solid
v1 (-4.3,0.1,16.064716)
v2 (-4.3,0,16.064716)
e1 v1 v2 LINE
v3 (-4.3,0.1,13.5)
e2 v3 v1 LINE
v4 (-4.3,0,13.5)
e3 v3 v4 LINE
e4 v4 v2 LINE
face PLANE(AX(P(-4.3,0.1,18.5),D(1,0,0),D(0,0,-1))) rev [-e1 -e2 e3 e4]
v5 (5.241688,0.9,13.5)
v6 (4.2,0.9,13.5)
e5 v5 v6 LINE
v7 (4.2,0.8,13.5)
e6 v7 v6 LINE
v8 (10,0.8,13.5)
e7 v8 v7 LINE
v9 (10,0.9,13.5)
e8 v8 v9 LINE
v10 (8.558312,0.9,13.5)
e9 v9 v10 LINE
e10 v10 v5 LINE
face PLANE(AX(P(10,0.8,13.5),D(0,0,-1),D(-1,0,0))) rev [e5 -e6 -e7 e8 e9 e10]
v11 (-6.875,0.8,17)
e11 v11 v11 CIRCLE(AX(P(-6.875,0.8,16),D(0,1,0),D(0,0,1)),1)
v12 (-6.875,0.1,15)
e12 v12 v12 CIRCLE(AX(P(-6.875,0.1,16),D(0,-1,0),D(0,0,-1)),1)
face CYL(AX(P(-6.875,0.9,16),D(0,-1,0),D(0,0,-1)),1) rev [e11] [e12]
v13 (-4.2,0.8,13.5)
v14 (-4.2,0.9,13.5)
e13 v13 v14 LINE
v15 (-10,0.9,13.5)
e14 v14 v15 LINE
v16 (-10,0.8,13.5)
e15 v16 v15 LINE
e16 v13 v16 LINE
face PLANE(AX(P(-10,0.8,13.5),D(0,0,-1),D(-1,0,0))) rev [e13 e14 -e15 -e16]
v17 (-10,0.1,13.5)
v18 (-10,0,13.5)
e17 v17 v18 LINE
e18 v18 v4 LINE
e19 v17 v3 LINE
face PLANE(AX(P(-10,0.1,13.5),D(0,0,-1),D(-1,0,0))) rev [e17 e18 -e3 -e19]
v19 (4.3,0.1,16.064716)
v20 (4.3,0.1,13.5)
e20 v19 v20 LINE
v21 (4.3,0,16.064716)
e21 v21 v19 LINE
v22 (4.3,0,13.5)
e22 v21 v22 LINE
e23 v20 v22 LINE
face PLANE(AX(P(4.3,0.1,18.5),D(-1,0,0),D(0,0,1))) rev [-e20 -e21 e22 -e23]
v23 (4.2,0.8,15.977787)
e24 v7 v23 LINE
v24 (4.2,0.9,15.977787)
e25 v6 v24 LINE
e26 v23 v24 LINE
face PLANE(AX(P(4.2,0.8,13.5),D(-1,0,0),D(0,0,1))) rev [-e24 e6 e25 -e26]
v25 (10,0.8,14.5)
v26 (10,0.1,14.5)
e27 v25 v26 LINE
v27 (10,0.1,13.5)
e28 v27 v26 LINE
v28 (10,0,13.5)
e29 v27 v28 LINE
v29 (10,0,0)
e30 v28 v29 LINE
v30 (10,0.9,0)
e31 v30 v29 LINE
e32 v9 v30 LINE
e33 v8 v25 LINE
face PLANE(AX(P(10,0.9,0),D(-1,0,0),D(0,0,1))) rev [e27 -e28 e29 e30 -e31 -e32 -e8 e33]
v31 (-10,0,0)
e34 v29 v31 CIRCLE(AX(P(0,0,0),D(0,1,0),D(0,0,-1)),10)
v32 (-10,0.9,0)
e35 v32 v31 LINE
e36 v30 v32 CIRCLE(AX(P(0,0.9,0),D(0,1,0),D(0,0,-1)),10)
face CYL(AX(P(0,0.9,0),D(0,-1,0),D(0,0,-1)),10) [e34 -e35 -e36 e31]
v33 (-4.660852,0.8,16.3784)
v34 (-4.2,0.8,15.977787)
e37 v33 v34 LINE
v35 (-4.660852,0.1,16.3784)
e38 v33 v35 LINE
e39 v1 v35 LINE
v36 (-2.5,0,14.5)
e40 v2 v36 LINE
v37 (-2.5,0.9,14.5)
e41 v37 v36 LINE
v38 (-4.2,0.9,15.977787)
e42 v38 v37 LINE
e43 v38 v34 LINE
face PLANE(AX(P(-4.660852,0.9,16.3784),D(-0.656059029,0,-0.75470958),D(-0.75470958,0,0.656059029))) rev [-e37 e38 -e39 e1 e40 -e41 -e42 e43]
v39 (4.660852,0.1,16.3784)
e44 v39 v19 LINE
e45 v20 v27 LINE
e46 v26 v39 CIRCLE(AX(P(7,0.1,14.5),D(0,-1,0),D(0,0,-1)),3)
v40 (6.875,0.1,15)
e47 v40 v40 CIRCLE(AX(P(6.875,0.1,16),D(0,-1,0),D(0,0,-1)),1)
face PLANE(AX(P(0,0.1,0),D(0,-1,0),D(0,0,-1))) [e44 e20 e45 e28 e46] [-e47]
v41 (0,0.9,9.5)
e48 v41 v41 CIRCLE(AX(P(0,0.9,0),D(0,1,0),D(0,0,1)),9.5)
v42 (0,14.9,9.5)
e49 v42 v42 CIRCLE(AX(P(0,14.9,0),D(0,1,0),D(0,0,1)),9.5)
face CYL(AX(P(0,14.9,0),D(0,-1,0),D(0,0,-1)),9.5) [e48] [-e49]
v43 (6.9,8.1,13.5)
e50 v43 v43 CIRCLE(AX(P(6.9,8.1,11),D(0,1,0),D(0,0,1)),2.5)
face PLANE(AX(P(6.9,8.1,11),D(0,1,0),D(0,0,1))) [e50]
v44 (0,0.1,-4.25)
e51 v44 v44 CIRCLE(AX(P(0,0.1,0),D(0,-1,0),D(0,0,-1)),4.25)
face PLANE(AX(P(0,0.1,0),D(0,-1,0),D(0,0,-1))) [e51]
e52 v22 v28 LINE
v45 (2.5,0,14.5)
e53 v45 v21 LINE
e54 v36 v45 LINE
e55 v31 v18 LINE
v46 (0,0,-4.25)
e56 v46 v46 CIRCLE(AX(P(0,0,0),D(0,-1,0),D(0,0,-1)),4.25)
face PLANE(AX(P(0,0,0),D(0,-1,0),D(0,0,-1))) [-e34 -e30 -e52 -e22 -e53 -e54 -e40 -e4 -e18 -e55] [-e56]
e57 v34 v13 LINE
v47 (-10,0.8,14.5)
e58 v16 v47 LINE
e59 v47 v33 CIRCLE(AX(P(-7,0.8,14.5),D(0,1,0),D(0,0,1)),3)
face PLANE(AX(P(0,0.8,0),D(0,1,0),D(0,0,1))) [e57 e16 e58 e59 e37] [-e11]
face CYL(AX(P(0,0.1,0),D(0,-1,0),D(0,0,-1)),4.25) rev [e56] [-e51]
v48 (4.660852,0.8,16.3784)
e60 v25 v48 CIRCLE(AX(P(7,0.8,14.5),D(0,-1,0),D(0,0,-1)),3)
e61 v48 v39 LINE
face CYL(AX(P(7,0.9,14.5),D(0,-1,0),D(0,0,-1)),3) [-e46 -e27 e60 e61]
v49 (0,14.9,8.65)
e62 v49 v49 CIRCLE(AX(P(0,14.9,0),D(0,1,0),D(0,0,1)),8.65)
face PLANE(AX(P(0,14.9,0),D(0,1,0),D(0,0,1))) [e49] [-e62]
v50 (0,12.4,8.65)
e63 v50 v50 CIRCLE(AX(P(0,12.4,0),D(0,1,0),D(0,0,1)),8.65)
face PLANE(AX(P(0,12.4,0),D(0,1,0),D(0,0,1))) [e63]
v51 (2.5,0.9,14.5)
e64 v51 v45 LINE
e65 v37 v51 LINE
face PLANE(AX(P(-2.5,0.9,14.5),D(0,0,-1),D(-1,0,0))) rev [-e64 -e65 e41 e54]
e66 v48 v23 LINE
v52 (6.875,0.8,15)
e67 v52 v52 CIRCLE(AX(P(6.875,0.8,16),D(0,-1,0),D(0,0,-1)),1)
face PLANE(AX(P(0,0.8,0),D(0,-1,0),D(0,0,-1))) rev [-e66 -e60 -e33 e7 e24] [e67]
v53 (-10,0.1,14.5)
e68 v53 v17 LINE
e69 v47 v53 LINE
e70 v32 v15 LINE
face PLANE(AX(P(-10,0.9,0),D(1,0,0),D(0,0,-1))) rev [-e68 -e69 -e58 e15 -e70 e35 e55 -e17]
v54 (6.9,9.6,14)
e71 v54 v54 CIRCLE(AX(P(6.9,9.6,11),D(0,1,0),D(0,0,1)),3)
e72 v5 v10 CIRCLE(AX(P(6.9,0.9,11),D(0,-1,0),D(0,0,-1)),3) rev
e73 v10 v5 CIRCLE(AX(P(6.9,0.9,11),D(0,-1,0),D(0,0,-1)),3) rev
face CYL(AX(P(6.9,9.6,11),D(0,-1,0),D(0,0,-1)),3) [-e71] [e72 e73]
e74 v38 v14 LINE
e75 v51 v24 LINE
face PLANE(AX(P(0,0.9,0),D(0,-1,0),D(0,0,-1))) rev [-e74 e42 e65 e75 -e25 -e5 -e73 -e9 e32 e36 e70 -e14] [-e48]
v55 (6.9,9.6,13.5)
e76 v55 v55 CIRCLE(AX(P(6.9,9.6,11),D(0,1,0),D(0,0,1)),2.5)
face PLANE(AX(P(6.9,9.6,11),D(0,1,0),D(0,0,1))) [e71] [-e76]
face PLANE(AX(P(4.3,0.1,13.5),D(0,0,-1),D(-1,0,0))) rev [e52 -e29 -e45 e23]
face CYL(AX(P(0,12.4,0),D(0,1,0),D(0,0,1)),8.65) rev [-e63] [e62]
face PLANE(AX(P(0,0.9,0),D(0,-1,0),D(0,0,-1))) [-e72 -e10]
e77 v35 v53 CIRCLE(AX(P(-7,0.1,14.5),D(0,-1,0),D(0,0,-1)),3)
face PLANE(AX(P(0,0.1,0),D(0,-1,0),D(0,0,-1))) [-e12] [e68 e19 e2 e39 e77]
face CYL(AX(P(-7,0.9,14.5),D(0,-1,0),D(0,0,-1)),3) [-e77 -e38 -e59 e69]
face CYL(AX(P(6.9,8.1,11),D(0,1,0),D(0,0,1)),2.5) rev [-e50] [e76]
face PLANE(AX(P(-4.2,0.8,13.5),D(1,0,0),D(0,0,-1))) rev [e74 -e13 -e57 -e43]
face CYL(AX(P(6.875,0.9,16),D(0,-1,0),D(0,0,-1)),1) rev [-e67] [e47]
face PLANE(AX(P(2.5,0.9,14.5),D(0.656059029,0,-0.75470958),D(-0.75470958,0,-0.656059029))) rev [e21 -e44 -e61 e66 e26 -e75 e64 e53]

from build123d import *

# Parameters (mm, degrees)
ESQUISSE1_R             = 1
BOSS_EXTRU_1_DEPTH      = 0.9
ESQUISSE2_R             = 9.5
BOSS_EXTRU_2_DEPTH      = 14
ESQUISSE3_R             = 8.65
ENL_V_MAT_EXTRU_1_DEPTH = 2.5
ESQUISSE5_R             = 3
BOSS_EXTRU_3_DEPTH      = 8.7
ESQUISSE6_R             = 2.5
ENL_V_MAT_EXTRU_2_DEPTH = 1.5
ESQUISSE7_R             = 4.25
ESQUISSE7_W             = 5.7
ESQUISSE7_H             = 5
ENL_V_MAT_EXTRU_3_DEPTH = 0.1
ESQUISSE8_W             = 5.8
ESQUISSE8_H             = 5
ENL_V_MAT_EXTRU_4_DEPTH = 0.1


with BuildPart() as part:
    # Esquisse1 → Boss.-Extru.1 (new body)
    with BuildSketch(Plane(origin=(0, 0, 0), x_dir=(1, 0, 0), z_dir=(0, 1, 0))):
        with BuildLine():
            Line((-10, 0), (-10, -14.5))
            ThreePointArc((-10, -14.5), (-7.995629382, -17.329968575), (-4.66085191, -16.378399908))
            Line((-4.66085191, -16.378399908), (-2.5, -14.5))
            Line((-2.5, -14.5), (2.5, -14.5))
            Line((2.5, -14.5), (4.66085191, -16.378399908))
            ThreePointArc((4.66085191, -16.378399908), (7.995629382, -17.329968575), (10, -14.5))
            Line((10, -14.5), (10, 0))
            ThreePointArc((10, 0), (0, 10), (-10, 0))
        make_face()
        with Locations(Location((-6.875, -16, 0), (0, 0, 270))):  # turned: the seam where the file's is
            Circle(ESQUISSE1_R, mode=Mode.SUBTRACT)
        with Locations(Location((6.875, -16, 0), (0, 0, 270))):  # turned: the seam where the file's is
            Circle(ESQUISSE1_R, mode=Mode.SUBTRACT)
    extrude(amount=BOSS_EXTRU_1_DEPTH)

    # Esquisse2 → Boss.-Extru.2 (add)
    with BuildSketch(Plane(origin=(0, 0.9, 0), x_dir=(1, 0, 0), z_dir=(0, 1, 0))):
        with Locations(Location((0, 0, 0), (0, 0, 270))):  # turned: the seam where the file's is
            Circle(ESQUISSE2_R)
    extrude(amount=BOSS_EXTRU_2_DEPTH)

    # Esquisse3 → Enlèv. mat.-Extru.1 (cut)
    with BuildSketch(Plane(origin=(0, 14.9, 0), x_dir=(1, 0, 0), z_dir=(0, 1, 0))):
        with Locations(Location((0, 0, 0), (0, 0, 270))):  # turned: the seam where the file's is
            Circle(ESQUISSE3_R)
    extrude(amount=-ENL_V_MAT_EXTRU_1_DEPTH, mode=Mode.SUBTRACT)

    # Esquisse5 → Boss.-Extru.3 (add)
    with BuildSketch(Plane(origin=(0, 0.9, 0), x_dir=(1, 0, 0), z_dir=(0, 1, 0))):
        with Locations(Location((6.9, -11, 0), (0, 0, 90))):  # turned: the seam where the file's is
            Circle(ESQUISSE5_R)
    extrude(amount=BOSS_EXTRU_3_DEPTH)

    # Esquisse6 → Enlèv. mat.-Extru.2 (cut)
    with BuildSketch(Plane(origin=(0, 9.6, 0), x_dir=(1, 0, 0), z_dir=(0, 1, 0))):
        with Locations(Location((6.9, -11, 0), (0, 0, 270))):  # turned: the seam where the file's is
            Circle(ESQUISSE6_R)
    extrude(amount=-ENL_V_MAT_EXTRU_2_DEPTH, mode=Mode.SUBTRACT)

    # Esquisse7 → Enlèv. mat.-Extru.3 (cut)
    with BuildSketch(Plane.XZ):
        with Locations(Location((0, 0, 0), (0, 0, 270))):  # turned: the seam where the file's is
            Circle(ESQUISSE7_R)
        with Locations((-7.15, 16)):
            Rectangle(ESQUISSE7_W, ESQUISSE7_H)
        with Locations((7.15, 16)):
            Rectangle(ESQUISSE7_W, ESQUISSE7_H)
    extrude(amount=-ENL_V_MAT_EXTRU_3_DEPTH, mode=Mode.SUBTRACT)

    # Esquisse8 → Enlèv. mat.-Extru.4 (cut)
    with BuildSketch(Plane(origin=(0, 0.9, 0), x_dir=(1, 0, 0), z_dir=(0, 1, 0))):
        with Locations((-7.1, -16)):
            Rectangle(ESQUISSE8_W, ESQUISSE8_H)
        with Locations((7.1, -16)):
            Rectangle(ESQUISSE8_W, ESQUISSE8_H)
    extrude(amount=-ENL_V_MAT_EXTRU_4_DEPTH, mode=Mode.SUBTRACT)


solid = part.part
